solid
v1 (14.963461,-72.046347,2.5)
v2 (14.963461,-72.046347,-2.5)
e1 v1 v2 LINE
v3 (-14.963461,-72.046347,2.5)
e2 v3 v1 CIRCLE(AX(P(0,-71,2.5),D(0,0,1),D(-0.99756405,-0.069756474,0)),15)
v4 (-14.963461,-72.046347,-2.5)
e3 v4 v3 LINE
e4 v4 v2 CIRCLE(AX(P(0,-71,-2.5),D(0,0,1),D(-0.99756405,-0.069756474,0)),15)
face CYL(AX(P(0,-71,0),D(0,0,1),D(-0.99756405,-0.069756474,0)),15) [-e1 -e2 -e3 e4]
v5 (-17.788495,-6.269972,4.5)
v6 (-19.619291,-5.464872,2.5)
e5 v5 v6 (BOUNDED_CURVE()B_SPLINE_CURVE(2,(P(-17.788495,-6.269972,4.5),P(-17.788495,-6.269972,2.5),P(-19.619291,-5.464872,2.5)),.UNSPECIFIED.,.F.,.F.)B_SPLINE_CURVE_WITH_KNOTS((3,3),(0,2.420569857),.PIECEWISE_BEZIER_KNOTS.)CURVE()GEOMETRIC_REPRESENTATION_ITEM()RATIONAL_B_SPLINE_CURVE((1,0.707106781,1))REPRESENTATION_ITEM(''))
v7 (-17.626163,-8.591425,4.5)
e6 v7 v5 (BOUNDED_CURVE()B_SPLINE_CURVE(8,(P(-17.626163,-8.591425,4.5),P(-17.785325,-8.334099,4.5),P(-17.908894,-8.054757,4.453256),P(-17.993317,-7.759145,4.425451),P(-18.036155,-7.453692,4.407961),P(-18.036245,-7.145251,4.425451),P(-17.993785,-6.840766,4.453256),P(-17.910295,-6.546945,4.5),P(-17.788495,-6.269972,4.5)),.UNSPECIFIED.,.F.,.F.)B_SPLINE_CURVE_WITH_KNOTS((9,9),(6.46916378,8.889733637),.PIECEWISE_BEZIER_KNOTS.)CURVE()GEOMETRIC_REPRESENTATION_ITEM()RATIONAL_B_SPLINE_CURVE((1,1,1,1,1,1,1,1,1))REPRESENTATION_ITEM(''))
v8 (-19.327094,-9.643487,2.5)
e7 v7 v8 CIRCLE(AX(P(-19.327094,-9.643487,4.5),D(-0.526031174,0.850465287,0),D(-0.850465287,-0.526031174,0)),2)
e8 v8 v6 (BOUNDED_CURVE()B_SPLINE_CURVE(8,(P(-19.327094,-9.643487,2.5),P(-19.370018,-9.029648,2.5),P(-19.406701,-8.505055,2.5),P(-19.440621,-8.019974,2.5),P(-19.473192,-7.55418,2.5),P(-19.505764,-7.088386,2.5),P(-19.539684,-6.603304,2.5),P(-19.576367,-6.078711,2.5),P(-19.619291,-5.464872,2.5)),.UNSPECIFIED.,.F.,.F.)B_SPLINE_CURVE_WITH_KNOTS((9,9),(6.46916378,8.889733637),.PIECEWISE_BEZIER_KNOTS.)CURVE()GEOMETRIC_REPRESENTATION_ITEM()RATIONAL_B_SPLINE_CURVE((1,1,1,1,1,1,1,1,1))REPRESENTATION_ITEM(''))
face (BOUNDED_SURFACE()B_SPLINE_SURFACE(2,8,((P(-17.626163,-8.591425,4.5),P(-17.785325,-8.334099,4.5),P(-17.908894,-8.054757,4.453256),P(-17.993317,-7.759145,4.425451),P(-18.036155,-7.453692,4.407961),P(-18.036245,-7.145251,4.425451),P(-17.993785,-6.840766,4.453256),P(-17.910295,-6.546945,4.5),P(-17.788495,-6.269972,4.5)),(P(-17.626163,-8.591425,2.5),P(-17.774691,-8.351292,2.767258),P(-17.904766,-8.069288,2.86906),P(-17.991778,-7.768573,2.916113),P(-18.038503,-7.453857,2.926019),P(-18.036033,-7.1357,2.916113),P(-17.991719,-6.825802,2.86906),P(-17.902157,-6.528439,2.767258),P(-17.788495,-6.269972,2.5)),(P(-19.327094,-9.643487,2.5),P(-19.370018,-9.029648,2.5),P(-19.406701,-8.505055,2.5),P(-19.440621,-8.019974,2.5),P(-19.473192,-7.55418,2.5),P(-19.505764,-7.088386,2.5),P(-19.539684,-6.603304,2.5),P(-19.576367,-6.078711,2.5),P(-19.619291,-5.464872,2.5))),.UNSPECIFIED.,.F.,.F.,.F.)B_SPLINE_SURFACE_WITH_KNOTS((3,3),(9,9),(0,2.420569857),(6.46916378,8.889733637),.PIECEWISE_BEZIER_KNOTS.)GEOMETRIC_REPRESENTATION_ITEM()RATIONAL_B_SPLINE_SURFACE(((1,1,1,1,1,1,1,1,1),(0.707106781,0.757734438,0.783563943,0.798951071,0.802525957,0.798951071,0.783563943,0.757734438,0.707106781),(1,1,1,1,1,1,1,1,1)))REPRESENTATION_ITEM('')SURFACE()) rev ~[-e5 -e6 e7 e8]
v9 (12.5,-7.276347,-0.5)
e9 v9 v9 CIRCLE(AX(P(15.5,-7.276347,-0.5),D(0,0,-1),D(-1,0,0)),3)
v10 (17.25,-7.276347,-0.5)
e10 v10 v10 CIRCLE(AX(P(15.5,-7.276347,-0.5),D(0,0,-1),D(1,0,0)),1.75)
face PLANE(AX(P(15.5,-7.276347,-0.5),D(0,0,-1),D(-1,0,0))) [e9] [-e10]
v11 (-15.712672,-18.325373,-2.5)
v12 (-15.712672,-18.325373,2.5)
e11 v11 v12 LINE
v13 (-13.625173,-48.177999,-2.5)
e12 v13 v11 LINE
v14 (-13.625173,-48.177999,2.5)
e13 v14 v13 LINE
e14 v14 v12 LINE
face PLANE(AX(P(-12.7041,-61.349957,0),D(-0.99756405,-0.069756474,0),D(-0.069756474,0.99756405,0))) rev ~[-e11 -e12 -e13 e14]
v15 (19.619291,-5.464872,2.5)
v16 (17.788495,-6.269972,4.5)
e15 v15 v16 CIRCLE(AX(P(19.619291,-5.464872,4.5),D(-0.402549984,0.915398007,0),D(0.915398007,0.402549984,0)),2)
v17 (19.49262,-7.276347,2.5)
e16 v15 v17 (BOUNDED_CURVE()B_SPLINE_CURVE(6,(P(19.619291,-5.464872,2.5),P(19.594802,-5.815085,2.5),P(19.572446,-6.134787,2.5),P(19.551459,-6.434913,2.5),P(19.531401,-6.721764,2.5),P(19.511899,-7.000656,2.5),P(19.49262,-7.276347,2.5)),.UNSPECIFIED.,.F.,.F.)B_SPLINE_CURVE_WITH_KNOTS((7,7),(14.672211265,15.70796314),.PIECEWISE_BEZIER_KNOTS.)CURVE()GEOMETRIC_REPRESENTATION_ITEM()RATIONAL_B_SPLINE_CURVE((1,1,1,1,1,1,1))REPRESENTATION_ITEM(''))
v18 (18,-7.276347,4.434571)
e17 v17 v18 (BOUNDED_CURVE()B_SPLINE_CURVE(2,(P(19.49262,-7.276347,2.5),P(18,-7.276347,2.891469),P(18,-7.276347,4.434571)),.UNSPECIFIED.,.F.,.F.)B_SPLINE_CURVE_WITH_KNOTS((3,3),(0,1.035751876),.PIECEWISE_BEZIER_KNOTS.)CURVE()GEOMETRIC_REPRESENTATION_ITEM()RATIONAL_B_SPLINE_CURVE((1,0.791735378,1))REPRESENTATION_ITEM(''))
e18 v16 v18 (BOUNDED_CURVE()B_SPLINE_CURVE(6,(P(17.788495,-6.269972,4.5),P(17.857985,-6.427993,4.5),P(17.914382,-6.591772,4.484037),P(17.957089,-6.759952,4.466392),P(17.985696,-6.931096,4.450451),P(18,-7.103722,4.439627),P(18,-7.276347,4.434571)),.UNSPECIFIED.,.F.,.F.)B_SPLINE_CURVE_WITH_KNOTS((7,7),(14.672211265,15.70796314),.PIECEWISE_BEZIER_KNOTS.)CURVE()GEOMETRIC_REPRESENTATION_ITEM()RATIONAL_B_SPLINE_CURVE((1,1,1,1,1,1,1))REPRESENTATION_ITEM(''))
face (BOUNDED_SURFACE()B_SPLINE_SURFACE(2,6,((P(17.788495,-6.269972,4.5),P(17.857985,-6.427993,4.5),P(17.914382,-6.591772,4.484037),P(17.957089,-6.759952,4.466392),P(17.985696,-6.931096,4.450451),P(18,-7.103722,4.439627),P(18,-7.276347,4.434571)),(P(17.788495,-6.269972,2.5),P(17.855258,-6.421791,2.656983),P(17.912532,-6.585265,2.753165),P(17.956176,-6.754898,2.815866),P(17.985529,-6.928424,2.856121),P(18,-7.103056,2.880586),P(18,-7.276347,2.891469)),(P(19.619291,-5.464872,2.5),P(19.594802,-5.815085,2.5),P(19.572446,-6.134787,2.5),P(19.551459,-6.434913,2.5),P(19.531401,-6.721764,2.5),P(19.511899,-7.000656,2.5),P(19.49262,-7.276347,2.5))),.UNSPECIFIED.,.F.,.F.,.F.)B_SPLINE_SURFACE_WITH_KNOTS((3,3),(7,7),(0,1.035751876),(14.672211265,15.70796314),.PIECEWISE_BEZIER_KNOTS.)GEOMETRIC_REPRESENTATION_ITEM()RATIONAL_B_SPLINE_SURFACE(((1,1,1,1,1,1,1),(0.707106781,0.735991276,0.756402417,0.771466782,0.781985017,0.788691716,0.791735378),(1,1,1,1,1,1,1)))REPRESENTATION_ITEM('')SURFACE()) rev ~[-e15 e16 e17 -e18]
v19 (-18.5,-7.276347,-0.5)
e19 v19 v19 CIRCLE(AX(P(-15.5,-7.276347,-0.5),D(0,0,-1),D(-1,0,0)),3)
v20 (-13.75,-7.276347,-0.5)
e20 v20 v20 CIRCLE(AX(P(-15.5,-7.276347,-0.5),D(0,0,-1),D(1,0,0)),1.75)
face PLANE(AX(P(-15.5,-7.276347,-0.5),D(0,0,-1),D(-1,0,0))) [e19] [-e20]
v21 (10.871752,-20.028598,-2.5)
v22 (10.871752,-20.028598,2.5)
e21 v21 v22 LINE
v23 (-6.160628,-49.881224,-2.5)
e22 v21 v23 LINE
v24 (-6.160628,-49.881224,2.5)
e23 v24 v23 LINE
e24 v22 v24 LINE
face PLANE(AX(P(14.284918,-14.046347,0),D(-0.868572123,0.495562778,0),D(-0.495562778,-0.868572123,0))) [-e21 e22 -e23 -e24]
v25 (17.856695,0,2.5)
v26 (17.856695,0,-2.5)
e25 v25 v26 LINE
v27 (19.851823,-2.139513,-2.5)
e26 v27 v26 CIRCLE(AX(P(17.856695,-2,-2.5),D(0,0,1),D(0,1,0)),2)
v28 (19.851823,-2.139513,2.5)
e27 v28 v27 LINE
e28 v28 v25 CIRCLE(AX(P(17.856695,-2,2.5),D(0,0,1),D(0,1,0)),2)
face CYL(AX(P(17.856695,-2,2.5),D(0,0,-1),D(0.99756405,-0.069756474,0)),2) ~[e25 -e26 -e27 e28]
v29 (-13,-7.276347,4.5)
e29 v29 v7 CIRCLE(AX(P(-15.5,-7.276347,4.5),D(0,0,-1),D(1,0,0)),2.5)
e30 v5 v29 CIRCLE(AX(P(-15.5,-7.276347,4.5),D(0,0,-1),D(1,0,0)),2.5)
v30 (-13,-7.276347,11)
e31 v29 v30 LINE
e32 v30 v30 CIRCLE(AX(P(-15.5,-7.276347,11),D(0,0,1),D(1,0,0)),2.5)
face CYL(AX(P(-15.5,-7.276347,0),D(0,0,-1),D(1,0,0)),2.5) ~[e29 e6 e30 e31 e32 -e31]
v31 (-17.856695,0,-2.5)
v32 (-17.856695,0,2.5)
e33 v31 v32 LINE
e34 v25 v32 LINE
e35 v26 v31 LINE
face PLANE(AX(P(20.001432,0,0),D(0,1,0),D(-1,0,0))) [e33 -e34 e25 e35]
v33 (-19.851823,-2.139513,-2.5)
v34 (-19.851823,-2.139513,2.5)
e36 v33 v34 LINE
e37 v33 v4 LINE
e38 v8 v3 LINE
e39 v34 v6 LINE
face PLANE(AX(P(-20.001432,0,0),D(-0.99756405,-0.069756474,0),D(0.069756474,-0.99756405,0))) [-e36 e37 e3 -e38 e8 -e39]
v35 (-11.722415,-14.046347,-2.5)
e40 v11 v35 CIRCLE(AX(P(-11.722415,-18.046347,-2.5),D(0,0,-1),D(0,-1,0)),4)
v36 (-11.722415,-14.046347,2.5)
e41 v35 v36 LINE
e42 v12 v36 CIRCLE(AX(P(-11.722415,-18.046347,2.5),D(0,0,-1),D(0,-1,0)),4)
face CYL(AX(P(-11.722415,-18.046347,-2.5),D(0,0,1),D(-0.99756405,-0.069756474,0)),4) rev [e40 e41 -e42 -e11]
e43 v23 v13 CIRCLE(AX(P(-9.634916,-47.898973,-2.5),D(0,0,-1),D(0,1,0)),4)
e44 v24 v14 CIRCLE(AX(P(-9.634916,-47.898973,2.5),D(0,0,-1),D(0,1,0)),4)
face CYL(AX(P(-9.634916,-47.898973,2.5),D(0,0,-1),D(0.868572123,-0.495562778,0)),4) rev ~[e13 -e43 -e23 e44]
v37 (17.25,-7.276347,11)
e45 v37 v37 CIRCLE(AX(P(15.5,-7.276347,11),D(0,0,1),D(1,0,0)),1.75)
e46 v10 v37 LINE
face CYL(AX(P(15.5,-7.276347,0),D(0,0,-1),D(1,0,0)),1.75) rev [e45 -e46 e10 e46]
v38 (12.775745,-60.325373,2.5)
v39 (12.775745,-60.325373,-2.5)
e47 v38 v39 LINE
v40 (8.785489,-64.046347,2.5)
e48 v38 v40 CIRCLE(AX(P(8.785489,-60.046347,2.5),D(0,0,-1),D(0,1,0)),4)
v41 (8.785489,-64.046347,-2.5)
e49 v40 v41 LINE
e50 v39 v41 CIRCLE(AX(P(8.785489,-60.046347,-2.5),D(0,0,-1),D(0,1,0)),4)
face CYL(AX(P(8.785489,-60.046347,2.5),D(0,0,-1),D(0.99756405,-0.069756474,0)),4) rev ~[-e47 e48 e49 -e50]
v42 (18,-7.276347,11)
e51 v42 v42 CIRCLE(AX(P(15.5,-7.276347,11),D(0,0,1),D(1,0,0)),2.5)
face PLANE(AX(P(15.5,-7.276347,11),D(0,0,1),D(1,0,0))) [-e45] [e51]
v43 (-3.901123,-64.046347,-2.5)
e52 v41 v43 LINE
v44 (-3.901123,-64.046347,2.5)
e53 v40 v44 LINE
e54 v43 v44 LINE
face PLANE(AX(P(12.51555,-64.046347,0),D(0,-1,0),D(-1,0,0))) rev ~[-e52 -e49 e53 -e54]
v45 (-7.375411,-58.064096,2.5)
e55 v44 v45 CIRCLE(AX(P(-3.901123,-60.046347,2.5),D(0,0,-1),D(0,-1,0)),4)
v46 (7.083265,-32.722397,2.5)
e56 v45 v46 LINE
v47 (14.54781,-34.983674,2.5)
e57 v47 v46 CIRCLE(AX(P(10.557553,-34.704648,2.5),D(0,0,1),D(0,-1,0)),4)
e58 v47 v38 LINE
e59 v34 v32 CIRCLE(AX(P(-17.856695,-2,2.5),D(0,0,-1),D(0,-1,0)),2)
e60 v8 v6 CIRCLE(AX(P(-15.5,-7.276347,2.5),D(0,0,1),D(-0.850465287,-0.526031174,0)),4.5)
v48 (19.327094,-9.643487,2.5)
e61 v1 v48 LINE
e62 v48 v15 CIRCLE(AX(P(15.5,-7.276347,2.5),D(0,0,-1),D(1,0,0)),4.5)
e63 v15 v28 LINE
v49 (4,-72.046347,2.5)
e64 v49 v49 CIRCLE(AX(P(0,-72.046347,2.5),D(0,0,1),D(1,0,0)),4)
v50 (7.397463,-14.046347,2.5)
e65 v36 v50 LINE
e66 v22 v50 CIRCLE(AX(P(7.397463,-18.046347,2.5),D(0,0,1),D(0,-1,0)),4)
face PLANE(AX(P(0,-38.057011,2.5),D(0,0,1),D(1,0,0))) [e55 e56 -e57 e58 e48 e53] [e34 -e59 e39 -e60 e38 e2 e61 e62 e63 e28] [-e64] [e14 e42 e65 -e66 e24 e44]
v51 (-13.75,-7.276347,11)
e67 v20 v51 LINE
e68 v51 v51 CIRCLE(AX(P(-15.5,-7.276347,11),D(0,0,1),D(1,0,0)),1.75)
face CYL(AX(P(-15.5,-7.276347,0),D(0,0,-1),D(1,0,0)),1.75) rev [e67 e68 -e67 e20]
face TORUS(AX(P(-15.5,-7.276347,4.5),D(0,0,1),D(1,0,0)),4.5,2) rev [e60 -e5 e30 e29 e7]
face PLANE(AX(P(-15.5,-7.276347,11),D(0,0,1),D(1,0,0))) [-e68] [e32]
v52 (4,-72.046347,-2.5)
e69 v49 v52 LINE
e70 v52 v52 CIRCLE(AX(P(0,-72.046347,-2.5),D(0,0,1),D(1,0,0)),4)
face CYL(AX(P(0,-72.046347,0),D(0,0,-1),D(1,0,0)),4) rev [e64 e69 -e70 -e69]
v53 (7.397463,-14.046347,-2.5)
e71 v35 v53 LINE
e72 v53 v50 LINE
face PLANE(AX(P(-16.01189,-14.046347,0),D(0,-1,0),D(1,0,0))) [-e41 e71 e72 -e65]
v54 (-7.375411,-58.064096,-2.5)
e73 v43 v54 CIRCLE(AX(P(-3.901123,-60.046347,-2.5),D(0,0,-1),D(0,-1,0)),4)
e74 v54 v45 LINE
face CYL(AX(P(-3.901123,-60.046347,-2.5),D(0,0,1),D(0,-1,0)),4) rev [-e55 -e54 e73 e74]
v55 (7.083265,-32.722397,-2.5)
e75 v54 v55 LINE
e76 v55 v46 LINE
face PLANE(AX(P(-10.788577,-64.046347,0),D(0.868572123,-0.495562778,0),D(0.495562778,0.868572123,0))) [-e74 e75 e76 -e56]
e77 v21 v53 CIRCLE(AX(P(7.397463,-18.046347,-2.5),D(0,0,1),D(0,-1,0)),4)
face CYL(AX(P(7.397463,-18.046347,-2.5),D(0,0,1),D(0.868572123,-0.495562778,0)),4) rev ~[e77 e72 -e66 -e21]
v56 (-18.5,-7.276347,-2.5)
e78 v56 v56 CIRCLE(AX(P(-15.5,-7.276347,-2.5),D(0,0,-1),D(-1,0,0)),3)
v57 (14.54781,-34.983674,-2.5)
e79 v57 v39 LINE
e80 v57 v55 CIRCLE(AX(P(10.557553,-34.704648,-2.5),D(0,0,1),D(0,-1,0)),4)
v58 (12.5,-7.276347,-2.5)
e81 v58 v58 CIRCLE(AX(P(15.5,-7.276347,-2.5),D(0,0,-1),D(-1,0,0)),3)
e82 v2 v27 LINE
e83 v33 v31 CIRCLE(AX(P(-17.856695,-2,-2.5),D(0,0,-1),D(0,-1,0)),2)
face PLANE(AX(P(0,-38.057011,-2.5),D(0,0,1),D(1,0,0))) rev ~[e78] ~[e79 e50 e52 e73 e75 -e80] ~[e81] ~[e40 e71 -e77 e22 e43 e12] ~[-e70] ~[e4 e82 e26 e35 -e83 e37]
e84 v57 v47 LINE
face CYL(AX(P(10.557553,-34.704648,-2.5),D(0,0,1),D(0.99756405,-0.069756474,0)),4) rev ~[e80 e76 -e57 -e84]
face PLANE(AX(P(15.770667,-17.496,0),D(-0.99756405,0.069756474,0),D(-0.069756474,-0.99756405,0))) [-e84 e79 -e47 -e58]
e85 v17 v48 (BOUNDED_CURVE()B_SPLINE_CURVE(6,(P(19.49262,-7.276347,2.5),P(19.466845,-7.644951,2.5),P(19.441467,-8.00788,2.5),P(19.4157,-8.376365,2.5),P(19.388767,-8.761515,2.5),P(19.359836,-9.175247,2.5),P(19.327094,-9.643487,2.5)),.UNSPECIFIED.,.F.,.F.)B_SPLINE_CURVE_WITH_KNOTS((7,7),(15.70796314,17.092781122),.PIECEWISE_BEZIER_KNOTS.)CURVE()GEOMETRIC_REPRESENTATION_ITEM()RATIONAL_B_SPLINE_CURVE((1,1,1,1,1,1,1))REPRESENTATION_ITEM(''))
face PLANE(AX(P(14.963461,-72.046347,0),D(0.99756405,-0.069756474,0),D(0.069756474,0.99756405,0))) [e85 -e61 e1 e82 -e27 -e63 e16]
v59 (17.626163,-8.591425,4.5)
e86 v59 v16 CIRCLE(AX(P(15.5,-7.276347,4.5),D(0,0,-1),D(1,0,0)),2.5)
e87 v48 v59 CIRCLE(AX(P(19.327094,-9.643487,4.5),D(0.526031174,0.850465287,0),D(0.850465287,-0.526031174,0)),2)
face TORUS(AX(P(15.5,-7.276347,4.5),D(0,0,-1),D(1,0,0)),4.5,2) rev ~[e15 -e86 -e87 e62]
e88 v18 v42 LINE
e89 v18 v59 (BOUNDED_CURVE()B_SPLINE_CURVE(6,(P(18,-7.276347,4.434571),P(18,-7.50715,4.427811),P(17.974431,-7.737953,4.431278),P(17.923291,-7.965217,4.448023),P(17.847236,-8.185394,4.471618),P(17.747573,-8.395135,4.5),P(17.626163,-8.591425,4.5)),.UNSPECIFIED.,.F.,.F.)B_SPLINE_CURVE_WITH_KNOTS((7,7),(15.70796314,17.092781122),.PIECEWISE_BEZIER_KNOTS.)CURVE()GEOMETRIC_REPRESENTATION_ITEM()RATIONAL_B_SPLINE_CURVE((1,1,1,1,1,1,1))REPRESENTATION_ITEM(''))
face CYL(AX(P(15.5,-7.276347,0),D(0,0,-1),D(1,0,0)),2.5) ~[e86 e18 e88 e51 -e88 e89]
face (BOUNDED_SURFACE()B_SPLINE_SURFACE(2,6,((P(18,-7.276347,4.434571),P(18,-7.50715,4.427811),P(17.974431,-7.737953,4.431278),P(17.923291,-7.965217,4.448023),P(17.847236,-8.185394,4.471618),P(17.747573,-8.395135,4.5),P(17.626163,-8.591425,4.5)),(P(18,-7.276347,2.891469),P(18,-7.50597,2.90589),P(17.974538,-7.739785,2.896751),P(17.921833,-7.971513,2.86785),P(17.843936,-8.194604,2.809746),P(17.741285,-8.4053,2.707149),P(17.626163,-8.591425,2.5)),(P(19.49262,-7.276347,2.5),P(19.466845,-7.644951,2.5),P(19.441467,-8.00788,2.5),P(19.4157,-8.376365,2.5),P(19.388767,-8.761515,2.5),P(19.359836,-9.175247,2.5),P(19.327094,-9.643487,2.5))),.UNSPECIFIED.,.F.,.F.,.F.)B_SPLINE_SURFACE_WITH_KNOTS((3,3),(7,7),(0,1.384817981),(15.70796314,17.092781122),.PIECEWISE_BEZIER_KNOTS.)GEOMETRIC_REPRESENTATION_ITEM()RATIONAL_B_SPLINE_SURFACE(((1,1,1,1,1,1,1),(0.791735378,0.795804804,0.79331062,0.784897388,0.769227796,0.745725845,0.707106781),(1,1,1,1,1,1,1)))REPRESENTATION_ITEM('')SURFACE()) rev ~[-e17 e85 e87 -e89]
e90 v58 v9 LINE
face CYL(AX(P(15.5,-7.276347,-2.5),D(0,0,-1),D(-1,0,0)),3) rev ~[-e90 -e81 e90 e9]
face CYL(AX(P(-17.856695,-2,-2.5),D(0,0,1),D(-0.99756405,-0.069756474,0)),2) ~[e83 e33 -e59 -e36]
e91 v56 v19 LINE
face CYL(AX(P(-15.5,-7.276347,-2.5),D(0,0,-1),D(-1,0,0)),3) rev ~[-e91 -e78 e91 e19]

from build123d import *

# Parameters (mm, degrees)
CROQUIS1_R              = 4
CROQUIS1_R_2            = 1.75
SALIENTE_EXTRUIR1_DEPTH = 2.5
CROQUIS1_3_R            = 2.5
CROQUIS1_3_R_2          = 1.75
SALIENTE_EXTRUIR2_DEPTH = 11
REDONDEO1_R             = 2
REDONDEO2_R             = 2
CROQUIS2_R              = 3
CORTAR_EXTRUIR1_DEPTH   = 2
REDONDEO3_R             = 4


with BuildPart() as part:
    # Croquis1 → Saliente-Extruir1 (new, symmetric)
    with BuildSketch(Plane.XY):
        with BuildLine():
            Line((20.001432119, 0), (-20.001432119, 0))
            Line((-20.001432119, 0), (-14.963460754, -72.046347106))
            ThreePointArc((-14.963460754, -72.046347106), (0, -86), (14.963460754, -72.046347106))
            Line((14.963460754, -72.046347106), (20.001432119, 0))
        make_face()
        with Locations((0, -72.046347106)):
            Circle(CROQUIS1_R, mode=Mode.SUBTRACT)
        Polygon((-12.704099543, -61.349956664), (-16.011890152, -14.046347106), (14.28491785, -14.046347106), align=None, mode=Mode.SUBTRACT)
        Polygon((12.515549555, -64.046347106), (-10.788577252, -64.046347106), (15.770666891, -17.496000466), align=None, mode=Mode.SUBTRACT)
        with Locations((-15.5, -7.276347106)):
            Circle(CROQUIS1_R_2, mode=Mode.SUBTRACT)
        with Locations((15.5, -7.276347106)):
            Circle(CROQUIS1_R_2, mode=Mode.SUBTRACT)
    extrude(amount=SALIENTE_EXTRUIR1_DEPTH, both=True)

    # Croquis1<3> → Saliente-Extruir2 (add)
    # profile 1 of 2: a face of its own
    with BuildSketch(Plane.XY):
        with Locations((-15.5, -7.276347106)):
            Circle(CROQUIS1_3_R)
        with Locations((-15.5, -7.276347106)):
            Circle(CROQUIS1_3_R_2, mode=Mode.SUBTRACT)
    # profile 2 of 2: a face of its own
    with BuildSketch(Plane.XY):
        with Locations((15.5, -7.276347106)):
            Circle(CROQUIS1_3_R)
        with Locations((15.5, -7.276347106)):
            Circle(CROQUIS1_3_R_2, mode=Mode.SUBTRACT)
    extrude(amount=SALIENTE_EXTRUIR2_DEPTH)

    # Redondeo1
    redondeo1_edges = [part.edges().sort_by_distance(p)[0] for p in [
        (13, -7.276347106, 2.5),
        (-18, -7.276347106, 2.5),
    ]]
    fillet(redondeo1_edges, radius=REDONDEO1_R)

    # Redondeo2
    redondeo2_edges = [part.edges().sort_by_distance(p)[0] for p in [
        (20.001432119, 0, 0),
        (-20.001432119, 0, 0),
    ]]
    fillet(redondeo2_edges, radius=REDONDEO2_R)

    # Croquis2 → Cortar-Extruir1 (cut)
    with BuildSketch(Plane(origin=(0, 0, -2.5), x_dir=(-1, 0, 0), z_dir=(0, 0, -1))):
        with Locations((-15.5, -7.276347106)):
            Circle(CROQUIS2_R)
        with Locations((15.5, -7.276347106)):
            Circle(CROQUIS2_R)
    extrude(amount=-CORTAR_EXTRUIR1_DEPTH, mode=Mode.SUBTRACT)

    # Redondeo3
    redondeo3_edges = [part.edges().sort_by_distance(p)[0] for p in [
        (-16.011890152, -14.046347106, 0),
        (12.515549555, -64.046347106, 0),
        (-10.788577252, -64.046347106, 0),
        (-12.704099543, -61.349956664, 0),
        (14.28491785, -14.046347106, 0),
        (15.770666891, -17.496000466, 0),
    ]]
    fillet(redondeo3_edges, radius=REDONDEO3_R)


solid = part.part
